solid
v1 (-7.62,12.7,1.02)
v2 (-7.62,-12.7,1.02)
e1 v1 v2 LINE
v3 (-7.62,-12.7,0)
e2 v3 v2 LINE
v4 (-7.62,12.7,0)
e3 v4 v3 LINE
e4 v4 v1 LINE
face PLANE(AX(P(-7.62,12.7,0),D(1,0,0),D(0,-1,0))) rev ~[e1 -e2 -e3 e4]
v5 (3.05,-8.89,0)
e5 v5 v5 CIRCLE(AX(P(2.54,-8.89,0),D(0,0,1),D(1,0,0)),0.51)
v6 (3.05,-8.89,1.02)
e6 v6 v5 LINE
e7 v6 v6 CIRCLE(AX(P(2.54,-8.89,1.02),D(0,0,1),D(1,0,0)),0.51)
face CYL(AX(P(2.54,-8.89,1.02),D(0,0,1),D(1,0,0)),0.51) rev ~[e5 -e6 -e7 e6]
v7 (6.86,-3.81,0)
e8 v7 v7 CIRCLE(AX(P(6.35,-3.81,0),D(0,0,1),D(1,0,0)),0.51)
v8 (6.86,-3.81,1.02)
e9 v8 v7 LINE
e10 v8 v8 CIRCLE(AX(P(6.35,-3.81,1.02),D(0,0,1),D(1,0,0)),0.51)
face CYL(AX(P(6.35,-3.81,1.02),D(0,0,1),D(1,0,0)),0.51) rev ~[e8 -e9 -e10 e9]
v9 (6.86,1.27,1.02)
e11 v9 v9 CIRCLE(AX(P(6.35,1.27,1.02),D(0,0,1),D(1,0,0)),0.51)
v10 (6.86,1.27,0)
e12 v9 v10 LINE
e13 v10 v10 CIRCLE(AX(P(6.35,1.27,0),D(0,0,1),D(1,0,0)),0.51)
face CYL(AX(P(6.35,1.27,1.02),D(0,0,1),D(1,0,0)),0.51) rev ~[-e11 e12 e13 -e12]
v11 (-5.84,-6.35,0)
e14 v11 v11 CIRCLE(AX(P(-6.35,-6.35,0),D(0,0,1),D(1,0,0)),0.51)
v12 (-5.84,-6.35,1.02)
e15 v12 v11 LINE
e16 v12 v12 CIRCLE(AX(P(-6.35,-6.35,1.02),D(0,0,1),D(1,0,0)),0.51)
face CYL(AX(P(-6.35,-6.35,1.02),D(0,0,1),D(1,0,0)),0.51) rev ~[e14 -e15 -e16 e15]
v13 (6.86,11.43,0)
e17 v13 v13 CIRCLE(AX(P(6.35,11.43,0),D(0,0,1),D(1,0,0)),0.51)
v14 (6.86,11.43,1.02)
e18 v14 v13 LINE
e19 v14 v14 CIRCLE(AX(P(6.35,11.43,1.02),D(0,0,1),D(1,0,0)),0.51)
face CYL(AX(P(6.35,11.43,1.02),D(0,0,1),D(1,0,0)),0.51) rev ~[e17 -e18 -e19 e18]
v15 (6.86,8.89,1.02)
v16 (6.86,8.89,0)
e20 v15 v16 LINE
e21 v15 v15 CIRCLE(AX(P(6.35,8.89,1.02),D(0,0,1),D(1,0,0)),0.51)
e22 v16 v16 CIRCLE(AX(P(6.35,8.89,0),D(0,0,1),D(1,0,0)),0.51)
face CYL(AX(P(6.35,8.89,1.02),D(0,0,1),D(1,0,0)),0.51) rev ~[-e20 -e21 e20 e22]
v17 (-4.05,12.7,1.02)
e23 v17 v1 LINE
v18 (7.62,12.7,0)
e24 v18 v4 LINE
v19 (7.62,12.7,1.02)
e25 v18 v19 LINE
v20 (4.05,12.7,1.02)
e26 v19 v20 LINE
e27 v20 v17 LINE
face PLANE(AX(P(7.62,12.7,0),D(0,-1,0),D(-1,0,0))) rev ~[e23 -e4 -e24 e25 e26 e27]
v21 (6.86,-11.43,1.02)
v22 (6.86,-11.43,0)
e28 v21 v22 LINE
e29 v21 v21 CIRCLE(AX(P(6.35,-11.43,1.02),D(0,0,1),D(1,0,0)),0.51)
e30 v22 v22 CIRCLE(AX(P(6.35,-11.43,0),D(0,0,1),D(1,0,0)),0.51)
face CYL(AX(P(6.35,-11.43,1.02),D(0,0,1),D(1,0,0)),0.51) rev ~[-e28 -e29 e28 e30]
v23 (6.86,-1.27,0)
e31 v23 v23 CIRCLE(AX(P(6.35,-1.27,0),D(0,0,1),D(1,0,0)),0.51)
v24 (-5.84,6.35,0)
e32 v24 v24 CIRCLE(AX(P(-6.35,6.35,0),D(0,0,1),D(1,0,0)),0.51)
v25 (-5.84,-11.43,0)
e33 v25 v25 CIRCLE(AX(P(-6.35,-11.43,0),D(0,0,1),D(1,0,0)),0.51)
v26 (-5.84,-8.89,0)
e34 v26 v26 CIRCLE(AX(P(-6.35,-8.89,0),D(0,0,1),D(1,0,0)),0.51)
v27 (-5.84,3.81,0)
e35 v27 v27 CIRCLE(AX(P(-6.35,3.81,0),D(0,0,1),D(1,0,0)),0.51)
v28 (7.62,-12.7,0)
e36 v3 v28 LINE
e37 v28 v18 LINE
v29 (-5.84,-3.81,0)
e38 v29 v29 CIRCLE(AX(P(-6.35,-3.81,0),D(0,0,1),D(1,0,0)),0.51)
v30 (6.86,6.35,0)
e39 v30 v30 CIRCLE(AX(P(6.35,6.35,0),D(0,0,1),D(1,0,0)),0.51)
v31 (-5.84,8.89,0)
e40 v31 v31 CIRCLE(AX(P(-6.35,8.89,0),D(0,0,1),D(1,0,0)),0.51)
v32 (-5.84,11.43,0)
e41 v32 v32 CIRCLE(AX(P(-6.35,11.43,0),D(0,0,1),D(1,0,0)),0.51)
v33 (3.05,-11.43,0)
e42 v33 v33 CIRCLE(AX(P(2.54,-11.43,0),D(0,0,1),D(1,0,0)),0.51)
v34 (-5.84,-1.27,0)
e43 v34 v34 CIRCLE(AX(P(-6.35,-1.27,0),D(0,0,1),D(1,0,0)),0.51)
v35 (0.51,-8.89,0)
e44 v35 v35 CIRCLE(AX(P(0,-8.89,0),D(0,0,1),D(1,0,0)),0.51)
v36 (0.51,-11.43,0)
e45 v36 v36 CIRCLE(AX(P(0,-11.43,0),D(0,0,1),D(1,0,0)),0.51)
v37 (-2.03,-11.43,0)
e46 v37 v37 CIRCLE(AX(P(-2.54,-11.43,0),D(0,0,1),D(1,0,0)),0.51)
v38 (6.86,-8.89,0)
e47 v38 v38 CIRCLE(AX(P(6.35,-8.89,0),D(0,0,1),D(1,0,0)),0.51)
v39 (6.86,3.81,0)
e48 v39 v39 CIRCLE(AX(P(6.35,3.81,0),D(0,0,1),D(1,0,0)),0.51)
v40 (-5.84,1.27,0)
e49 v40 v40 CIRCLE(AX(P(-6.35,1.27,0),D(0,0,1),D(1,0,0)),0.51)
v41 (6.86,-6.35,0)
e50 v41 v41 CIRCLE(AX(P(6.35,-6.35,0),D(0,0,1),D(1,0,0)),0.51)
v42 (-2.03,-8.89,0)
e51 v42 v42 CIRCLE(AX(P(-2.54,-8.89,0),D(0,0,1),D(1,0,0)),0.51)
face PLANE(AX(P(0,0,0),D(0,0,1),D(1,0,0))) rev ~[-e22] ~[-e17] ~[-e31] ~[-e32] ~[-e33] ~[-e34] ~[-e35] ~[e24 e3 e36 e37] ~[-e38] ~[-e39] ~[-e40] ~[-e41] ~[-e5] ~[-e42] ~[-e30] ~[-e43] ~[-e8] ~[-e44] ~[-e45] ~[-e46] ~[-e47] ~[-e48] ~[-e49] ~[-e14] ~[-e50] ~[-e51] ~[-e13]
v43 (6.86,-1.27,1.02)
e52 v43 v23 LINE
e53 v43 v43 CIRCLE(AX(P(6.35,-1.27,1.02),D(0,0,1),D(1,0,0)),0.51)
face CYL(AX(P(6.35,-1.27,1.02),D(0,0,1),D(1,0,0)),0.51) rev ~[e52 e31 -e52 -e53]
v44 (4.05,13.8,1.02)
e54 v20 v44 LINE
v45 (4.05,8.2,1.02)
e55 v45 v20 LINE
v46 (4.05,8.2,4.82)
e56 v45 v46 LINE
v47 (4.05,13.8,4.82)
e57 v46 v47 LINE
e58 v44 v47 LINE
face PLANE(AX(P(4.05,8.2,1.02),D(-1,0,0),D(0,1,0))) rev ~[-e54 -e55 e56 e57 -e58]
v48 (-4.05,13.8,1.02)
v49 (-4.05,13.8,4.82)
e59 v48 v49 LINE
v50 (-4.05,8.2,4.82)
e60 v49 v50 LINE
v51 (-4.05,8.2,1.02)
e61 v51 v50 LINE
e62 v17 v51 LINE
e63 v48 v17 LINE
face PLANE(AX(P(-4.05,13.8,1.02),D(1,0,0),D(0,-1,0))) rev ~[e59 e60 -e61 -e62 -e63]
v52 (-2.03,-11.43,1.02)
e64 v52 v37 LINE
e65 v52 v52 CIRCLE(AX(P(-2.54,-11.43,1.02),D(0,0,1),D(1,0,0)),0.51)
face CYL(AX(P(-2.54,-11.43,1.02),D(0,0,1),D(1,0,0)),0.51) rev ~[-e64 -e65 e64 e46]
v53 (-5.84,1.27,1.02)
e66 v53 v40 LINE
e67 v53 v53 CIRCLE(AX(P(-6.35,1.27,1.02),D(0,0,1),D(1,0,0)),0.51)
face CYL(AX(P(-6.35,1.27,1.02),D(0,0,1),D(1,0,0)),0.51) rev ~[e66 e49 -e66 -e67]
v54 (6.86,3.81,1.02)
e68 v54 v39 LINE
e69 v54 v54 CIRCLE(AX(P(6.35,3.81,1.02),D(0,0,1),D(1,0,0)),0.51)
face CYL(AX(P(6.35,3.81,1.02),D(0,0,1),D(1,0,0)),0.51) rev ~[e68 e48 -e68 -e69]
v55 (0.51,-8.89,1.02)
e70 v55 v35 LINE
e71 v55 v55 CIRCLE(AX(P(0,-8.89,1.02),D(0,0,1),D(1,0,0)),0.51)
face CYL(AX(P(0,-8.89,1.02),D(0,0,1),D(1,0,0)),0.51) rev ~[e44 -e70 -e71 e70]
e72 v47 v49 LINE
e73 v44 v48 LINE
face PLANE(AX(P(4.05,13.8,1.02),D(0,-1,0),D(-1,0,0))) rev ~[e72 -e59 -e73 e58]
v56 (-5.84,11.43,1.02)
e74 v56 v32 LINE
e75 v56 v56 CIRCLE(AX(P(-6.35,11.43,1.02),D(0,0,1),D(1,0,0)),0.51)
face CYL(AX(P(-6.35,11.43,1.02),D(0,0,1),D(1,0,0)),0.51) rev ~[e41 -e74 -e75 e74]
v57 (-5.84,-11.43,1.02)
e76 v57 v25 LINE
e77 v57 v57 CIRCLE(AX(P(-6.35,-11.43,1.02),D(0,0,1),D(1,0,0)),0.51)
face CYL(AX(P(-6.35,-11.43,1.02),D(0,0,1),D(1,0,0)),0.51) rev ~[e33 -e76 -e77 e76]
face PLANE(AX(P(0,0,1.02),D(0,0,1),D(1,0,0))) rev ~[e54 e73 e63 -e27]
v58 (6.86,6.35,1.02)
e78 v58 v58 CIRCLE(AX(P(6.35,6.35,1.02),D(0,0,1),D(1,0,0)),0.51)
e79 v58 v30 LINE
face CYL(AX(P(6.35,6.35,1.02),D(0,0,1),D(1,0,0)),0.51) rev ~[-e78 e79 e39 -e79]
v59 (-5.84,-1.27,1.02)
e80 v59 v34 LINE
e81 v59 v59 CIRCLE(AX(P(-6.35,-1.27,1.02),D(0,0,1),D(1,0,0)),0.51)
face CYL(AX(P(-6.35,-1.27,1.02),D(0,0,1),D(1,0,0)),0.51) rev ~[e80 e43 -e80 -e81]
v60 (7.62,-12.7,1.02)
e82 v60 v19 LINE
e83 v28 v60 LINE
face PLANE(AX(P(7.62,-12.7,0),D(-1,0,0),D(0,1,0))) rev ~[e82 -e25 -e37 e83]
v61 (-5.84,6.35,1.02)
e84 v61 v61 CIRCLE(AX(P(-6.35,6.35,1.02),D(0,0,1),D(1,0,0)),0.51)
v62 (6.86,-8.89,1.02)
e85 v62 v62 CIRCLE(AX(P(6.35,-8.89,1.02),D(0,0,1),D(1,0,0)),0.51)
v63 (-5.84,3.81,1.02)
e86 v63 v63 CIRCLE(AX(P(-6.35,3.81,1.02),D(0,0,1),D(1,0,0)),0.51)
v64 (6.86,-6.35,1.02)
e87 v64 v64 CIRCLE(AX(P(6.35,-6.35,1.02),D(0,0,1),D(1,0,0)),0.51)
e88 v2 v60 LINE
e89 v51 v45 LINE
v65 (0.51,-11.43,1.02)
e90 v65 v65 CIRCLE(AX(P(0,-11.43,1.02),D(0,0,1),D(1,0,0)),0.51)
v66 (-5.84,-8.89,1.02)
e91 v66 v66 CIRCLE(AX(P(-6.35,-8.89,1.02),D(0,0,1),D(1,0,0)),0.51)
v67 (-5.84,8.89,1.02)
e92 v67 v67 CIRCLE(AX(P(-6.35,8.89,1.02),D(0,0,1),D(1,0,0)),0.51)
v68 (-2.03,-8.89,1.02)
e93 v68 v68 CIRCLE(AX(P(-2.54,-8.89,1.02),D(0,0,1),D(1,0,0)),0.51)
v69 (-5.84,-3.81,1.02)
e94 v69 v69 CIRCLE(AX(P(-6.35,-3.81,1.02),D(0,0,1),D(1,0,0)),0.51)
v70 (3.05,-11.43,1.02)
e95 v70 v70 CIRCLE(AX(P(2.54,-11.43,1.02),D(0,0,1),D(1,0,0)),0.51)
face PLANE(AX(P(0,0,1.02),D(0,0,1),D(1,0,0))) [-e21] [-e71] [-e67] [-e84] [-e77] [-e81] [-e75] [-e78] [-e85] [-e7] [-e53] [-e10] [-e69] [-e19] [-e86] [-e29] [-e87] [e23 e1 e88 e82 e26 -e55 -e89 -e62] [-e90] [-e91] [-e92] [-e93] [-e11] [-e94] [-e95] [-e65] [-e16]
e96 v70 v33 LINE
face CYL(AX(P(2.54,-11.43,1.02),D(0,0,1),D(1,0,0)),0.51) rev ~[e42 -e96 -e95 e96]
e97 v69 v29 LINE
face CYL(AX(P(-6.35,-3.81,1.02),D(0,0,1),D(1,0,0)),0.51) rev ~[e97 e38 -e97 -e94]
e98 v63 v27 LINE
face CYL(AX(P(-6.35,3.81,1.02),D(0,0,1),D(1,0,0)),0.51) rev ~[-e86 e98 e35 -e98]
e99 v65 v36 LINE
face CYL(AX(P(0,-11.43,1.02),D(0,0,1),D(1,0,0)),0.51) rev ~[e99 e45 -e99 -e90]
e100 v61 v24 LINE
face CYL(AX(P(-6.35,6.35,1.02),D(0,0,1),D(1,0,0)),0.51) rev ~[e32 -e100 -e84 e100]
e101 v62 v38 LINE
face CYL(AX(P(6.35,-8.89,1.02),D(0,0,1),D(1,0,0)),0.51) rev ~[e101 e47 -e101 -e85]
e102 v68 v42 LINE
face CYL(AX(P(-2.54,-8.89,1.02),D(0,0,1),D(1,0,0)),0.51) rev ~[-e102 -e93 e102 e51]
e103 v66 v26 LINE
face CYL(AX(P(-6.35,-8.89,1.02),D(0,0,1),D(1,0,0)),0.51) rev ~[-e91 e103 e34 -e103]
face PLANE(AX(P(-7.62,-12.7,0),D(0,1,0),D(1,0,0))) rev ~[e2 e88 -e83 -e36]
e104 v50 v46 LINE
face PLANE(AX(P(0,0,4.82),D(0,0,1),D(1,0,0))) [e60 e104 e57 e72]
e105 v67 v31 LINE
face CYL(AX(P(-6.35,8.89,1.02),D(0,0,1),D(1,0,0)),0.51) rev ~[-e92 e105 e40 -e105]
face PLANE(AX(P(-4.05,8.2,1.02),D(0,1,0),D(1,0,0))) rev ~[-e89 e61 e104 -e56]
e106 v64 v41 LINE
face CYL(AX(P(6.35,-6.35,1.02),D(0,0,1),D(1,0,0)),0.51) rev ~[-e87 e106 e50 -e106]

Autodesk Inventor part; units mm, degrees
ref_plane "YZ Plane" through (0, 0, 0) normal (1, 0, 0) x (0, 1, 0)
ref_plane "XZ Plane" through (0, 0, 0) normal (0, 1, 0) x (-1, 0, 0)
ref_plane "XY Plane" through (0, 0, 0) normal (0, 0, 1) x (1, 0, 0)
sketch "スケッチ1" plane through (0, 0, 0) normal (0, 0, 1) x (1, 0, 0)
  line L0 (-7.62, -12.7) -> (7.62, -12.7)
  line L1 (7.62, -12.7) -> (7.62, 12.7)
  line L2 (7.62, 12.7) -> (-7.62, 12.7)
  line L3 (-7.62, 12.7) -> (-7.62, -12.7)
  line L4 (-7.62, -12.7) -> (7.62, 12.7) construction
  line L5 (7.62, -12.7) -> (-7.62, 12.7) construction
  point P0 (0, 0)
  dimension "d0" = 15.24
  dimension "d1" = 25.4
extrude "押し出し1" add sketch "スケッチ1" along normal blind 1.02
sketch "スケッチ2" plane through (0, 0, 1.02) normal (0, 0, 1) x (1, 0, 0)
  line L0 (-6.35, -11.43) -> (6.35, -11.43) construction
  line L1 (6.35, -11.43) -> (6.35, 11.43) construction
  line L2 (6.35, 11.43) -> (-6.35, 11.43) construction
  line L3 (-6.35, 11.43) -> (-6.35, -11.43) construction
  line L4 (-6.35, -11.43) -> (6.35, 11.43) construction
  line L5 (6.35, -11.43) -> (-6.35, 11.43) construction
  line L6 (7.62, 12.7) -> (-7.62, 12.7) construction
  circle A0 centre (-6.35, 11.43) radius 0.51
  circle A1 centre (-6.35, 8.89) radius 0.51
  circle A2 centre (-6.35, 6.35) radius 0.51
  circle A3 centre (-6.35, 3.81) radius 0.51
  circle A4 centre (-6.35, 1.27) radius 0.51
  circle A5 centre (-6.35, -1.27) radius 0.51
  circle A6 centre (-6.35, -3.81) radius 0.51
  circle A7 centre (-6.35, -6.35) radius 0.51
  circle A8 centre (-6.35, -8.89) radius 0.51
  circle A9 centre (-6.35, -11.43) radius 0.51
  circle A10 centre (6.35, 11.43) radius 0.51
  circle A11 centre (6.35, 8.89) radius 0.51
  circle A12 centre (6.35, 6.35) radius 0.51
  circle A13 centre (6.35, 3.81) radius 0.51
  circle A14 centre (6.35, 1.27) radius 0.51
  circle A15 centre (6.35, -1.27) radius 0.51
  circle A16 centre (6.35, -3.81) radius 0.51
  circle A17 centre (6.35, -6.35) radius 0.51
  circle A18 centre (6.35, -8.89) radius 0.51
  circle A19 centre (6.35, -11.43) radius 0.51
  line L7 (-2.54, -11.43) -> (2.54, -11.43) construction
  line L8 (2.54, -11.43) -> (2.54, -8.89) construction
  line L9 (2.54, -8.89) -> (-2.54, -8.89) construction
  line L10 (-2.54, -8.89) -> (-2.54, -11.43) construction
  circle A20 centre (-2.54, -8.89) radius 0.51
  circle A21 centre (-2.54, -11.43) radius 0.51
  circle A22 centre (0, -8.89) radius 0.51
  circle A23 centre (0, -11.43) radius 0.51
  circle A24 centre (2.54, -8.89) radius 0.51
  circle A25 centre (2.54, -11.43) radius 0.51
  point P0 (0, 0)
  dimension "d4" = 12.7
  dimension "d5" = 1.27
  dimension "d6" = 1.02
  dimension "d9" = 2.54
  dimension "d12" = 12.7
  dimension "d15" = 3.81
  dimension "d16" = 5.08
  dimension "d19" = 2.54
  dimension "d22" = 2.54
extrude "押し出し2" cut sketch "スケッチ2" against normal blind 1.02
sketch "スケッチ3" plane through (0, 0, 1.02) normal (0, 0, 1) x (1, 0, 0)
  line L0 (-4.05, 8.2) -> (4.05, 8.2)
  line L1 (4.05, 8.2) -> (4.05, 13.8)
  line L2 (4.05, 13.8) -> (-4.05, 13.8)
  line L3 (-4.05, 13.8) -> (-4.05, 8.2)
  line L4 (-7.62, -12.7) -> (7.62, -12.7) projected
  point P0 (0, 0)
  point P1 (0, 8.2)
  dimension "d27" = 26.5
  dimension "d28" = 8.1
  dimension "d29" = 5.6
extrude "押し出し3" add sketch "スケッチ3" along normal blind 3.8
properties part number "Pololu_A_Star_32U4_Micro"
